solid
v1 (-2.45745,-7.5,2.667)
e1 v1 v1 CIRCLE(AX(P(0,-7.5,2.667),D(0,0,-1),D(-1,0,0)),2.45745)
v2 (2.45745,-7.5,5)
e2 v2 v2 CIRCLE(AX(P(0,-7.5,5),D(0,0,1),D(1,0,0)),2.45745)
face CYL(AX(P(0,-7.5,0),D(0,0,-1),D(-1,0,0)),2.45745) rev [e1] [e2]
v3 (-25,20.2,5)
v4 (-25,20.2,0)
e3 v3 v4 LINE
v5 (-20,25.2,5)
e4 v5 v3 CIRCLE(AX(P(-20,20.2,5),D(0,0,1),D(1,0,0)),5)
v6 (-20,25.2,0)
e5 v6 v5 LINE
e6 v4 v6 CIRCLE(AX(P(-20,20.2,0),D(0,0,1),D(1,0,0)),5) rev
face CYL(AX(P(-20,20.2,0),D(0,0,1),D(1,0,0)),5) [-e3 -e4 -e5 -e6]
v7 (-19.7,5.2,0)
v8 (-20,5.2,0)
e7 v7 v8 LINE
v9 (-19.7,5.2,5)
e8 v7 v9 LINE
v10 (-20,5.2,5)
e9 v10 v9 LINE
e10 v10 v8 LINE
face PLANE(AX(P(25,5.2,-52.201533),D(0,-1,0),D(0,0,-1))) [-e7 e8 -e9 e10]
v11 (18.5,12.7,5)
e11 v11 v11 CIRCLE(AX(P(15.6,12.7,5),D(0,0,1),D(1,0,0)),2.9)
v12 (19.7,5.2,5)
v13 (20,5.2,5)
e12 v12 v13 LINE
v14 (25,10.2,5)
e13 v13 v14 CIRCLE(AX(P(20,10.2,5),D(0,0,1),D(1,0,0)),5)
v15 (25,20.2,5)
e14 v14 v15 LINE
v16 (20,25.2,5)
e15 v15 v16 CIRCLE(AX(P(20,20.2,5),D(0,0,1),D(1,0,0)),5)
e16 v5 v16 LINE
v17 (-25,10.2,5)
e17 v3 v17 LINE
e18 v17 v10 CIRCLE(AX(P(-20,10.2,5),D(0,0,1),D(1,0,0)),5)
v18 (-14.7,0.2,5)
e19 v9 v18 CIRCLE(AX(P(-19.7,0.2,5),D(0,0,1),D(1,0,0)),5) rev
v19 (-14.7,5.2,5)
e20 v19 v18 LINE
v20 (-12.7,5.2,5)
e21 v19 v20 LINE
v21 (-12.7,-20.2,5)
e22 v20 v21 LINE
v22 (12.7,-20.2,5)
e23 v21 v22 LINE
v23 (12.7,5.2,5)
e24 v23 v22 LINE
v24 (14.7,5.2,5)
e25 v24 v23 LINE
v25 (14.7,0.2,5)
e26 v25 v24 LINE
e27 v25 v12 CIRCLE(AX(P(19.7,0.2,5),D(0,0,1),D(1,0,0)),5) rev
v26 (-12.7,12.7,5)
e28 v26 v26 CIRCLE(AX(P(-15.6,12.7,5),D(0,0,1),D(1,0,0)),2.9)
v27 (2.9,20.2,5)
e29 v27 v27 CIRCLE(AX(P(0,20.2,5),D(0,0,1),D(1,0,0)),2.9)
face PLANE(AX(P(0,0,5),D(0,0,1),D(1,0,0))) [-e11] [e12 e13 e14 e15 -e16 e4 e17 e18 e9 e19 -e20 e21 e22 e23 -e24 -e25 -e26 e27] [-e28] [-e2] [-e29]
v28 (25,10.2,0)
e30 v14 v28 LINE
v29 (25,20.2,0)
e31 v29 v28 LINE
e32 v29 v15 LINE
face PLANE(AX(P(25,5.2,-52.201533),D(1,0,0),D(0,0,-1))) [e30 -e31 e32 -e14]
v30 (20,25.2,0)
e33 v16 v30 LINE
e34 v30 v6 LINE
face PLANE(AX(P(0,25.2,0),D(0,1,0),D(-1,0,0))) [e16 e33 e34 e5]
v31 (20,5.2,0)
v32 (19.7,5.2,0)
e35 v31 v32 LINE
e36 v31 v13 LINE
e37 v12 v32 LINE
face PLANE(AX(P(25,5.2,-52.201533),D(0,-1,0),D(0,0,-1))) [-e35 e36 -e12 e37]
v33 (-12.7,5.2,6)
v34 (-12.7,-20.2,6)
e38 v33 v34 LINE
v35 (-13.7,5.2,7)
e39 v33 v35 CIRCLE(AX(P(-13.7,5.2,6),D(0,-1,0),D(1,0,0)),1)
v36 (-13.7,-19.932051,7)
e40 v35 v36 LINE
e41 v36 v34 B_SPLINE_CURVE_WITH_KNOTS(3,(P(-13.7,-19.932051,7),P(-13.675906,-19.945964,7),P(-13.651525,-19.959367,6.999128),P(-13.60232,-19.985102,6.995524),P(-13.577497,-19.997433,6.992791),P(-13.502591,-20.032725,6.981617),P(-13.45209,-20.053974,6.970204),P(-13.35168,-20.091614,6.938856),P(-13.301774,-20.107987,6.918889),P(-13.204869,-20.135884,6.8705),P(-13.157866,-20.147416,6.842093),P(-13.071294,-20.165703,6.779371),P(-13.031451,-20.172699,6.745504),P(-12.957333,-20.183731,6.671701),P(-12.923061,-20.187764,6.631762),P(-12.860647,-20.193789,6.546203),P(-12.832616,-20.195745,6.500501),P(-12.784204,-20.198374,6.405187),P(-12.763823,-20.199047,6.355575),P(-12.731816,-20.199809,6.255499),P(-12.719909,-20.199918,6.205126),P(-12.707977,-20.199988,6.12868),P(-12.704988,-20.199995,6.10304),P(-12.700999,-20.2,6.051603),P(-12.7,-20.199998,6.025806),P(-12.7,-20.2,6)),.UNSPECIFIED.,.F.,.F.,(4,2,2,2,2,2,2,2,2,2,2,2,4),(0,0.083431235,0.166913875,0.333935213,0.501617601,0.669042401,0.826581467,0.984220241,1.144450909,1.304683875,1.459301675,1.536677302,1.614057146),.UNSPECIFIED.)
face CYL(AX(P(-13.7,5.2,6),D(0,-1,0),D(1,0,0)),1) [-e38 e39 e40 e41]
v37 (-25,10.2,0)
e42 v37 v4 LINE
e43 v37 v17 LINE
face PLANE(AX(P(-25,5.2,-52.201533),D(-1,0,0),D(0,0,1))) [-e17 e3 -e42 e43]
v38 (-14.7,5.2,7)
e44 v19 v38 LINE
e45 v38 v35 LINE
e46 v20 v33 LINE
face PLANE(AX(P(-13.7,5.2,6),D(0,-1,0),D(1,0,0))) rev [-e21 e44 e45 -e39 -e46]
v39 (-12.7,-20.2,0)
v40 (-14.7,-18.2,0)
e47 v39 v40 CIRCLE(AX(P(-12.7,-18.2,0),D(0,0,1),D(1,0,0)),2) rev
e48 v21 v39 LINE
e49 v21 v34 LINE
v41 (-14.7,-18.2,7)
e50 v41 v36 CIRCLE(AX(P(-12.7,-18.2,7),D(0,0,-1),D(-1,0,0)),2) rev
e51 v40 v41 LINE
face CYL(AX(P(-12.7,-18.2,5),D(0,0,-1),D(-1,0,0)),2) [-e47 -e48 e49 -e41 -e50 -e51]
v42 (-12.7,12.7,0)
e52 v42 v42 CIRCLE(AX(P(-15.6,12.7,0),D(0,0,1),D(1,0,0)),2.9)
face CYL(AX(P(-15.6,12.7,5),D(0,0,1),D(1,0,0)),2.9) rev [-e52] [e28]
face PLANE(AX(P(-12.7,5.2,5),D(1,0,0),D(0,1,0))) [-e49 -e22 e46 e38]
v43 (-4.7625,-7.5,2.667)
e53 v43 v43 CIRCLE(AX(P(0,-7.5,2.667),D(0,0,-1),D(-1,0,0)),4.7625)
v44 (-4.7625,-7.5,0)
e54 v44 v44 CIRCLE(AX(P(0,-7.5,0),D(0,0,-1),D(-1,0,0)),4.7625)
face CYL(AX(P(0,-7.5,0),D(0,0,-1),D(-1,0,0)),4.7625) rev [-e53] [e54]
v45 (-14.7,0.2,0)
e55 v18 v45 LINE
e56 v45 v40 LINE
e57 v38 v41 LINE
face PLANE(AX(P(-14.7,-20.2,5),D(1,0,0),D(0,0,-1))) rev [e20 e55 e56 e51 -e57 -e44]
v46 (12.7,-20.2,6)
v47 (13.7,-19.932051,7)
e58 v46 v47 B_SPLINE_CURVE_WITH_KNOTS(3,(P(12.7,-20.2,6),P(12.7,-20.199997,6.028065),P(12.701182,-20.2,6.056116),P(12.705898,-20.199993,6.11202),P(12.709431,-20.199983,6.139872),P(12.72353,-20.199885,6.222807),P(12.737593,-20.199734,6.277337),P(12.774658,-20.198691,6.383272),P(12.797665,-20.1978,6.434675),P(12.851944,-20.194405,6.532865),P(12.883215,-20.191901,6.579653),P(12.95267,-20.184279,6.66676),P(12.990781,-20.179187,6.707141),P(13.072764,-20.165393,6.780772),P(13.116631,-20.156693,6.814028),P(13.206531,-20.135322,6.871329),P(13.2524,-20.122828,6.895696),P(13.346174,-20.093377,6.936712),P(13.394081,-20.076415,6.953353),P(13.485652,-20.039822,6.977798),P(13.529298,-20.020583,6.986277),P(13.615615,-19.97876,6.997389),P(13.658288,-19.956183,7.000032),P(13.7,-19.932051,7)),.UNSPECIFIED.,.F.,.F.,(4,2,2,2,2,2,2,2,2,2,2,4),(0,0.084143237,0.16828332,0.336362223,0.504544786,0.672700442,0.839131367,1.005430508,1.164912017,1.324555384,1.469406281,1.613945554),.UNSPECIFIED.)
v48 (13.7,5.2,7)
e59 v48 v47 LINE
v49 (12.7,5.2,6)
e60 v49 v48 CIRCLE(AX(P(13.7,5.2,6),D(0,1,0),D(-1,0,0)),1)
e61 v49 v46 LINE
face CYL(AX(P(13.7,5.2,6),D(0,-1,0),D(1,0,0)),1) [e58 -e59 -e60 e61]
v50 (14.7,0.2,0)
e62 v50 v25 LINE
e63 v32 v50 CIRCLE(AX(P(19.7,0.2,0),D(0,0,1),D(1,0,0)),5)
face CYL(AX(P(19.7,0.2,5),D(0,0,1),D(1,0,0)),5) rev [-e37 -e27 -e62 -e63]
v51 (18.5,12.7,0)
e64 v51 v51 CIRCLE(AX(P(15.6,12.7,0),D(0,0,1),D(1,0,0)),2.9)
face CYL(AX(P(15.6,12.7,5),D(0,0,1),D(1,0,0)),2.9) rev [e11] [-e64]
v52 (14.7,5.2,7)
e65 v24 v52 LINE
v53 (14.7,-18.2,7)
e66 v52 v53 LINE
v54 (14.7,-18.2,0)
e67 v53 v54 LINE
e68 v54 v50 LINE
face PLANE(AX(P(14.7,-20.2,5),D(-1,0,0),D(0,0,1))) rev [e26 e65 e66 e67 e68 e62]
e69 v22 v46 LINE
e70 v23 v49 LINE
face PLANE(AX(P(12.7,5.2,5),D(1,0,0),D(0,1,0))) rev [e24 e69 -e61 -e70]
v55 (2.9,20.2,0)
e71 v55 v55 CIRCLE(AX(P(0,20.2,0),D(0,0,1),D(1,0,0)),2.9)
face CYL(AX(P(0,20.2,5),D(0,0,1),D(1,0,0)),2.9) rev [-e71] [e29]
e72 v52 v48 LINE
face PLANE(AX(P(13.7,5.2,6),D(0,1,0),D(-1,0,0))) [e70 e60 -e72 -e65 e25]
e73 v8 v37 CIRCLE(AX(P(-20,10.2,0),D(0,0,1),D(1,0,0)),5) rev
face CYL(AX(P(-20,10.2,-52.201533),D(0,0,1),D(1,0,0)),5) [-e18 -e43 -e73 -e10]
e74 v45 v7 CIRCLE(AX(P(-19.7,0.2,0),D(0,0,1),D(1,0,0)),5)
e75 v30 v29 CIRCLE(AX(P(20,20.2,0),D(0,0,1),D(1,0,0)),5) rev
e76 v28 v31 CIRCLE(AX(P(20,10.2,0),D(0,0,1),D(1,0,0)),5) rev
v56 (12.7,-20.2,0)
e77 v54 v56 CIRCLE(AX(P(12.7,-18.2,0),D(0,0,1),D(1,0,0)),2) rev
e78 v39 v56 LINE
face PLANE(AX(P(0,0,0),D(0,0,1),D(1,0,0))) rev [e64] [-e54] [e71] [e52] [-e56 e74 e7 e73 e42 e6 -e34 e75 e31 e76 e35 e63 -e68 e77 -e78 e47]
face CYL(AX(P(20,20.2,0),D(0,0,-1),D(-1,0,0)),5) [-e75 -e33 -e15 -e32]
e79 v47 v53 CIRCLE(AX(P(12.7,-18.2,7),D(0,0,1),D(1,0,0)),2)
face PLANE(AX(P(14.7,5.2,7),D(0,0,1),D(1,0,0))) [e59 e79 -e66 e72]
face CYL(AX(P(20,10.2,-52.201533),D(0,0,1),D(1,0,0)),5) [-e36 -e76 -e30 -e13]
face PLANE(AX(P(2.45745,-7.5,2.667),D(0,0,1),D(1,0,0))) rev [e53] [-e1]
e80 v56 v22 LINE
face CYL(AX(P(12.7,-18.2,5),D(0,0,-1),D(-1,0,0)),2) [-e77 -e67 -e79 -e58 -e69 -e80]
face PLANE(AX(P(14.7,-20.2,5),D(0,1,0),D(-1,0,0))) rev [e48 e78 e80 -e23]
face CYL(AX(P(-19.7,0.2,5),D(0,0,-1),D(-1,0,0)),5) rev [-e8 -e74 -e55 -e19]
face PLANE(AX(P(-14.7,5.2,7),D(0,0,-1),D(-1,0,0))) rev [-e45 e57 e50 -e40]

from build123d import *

# Parameters (mm, degrees)
SKETCH7_W                                           = 29.4
SKETCH7_H                                           = 40.4
BOSS_EXTRUDE3_DEPTH                                 = 5
BOSS_EXTRUDE4_DEPTH                                 = 25.4
SKETCH11_W                                          = 50
SKETCH11_H                                          = 15
BOSS_EXTRUDE5_DEPTH                                 = 5
CBORE_FOR_8_BINDING_HEAD_MACHINE_SCREW1_D           = 4.9149
CBORE_FOR_8_BINDING_HEAD_MACHINE_SCREW1_CBORE_D     = 9.525
CBORE_FOR_8_BINDING_HEAD_MACHINE_SCREW1_CBORE_DEPTH = 2.667
SKETCH18_W                                          = 50
SKETCH18_H                                          = 5
BOSS_EXTRUDE6_DEPTH                                 = 5
M5_CLEARANCE_HOLE1_D                                = 5.8
FILLET2_R                                           = 5
FILLET3_R                                           = 2


with BuildPart() as part:
    # Sketch7 → Boss-Extrude3 (new body)
    with BuildSketch(Plane.XY):
        Rectangle(SKETCH7_W, SKETCH7_H)
    extrude(amount=BOSS_EXTRUDE3_DEPTH)

    # Sketch8 → Boss-Extrude4 (add)
    with BuildSketch(Plane.XZ.offset(20.2)):
        with BuildLine():
            Line((-14.7, 5), (-12.7, 5))
            Line((-12.7, 5), (-12.7, 6))
            ThreePointArc((-12.7, 6), (-12.992893219, 6.707106781), (-13.7, 7))
            Line((-13.7, 7), (-14.7, 7))
            Line((-14.7, 7), (-14.7, 5))
        make_face()
        with BuildLine():
            Line((14.7, 5), (12.7, 5))
            Line((12.7, 5), (12.7, 6))
            ThreePointArc((12.7, 6), (12.992893219, 6.707106781), (13.7, 7))
            Line((13.7, 7), (14.7, 7))
            Line((14.7, 7), (14.7, 5))
        make_face()
    extrude(amount=-BOSS_EXTRUDE4_DEPTH)

    # Sketch11 → Boss-Extrude5 (add)
    with BuildSketch(Plane.XY.offset(5)):
        with Locations((0, 12.7)):
            Rectangle(SKETCH11_W, SKETCH11_H)
    extrude(amount=-BOSS_EXTRUDE5_DEPTH)

    # CBORE for #8 Binding Head Machine Screw1 (through all)
    with Locations(Plane(origin=(0, 0, 0), x_dir=(-1, 0, 0), z_dir=(0, 0, -1))):
        with Locations((0, -7.5)):
            CounterBoreHole(CBORE_FOR_8_BINDING_HEAD_MACHINE_SCREW1_D / 2, CBORE_FOR_8_BINDING_HEAD_MACHINE_SCREW1_CBORE_D / 2, CBORE_FOR_8_BINDING_HEAD_MACHINE_SCREW1_CBORE_DEPTH)

    # Sketch18 → Boss-Extrude6 (add)
    with BuildSketch(Plane(origin=(0, 20.2, 0), x_dir=(1, 0, 0), z_dir=(0, 1, 0))):
        with Locations((0, -2.5)):
            Rectangle(SKETCH18_W, SKETCH18_H)
    extrude(amount=BOSS_EXTRUDE6_DEPTH)

    # M5 Clearance Hole1 (through all)
    with Locations(Plane.XY.offset(5)):
        with Locations((-15.6, 12.7), (15.6, 12.7), (0, 20.2)):
            Hole(M5_CLEARANCE_HOLE1_D / 2)

    # Fillet2
    fillet2_edges = [part.edges().sort_by_distance(p)[0] for p in [
        (25, 5.2, 2.5),
        (-25, 5.2, 2.5),
        (-14.7, 5.2, 2.5),
        (14.7, 5.2, 2.5),
        (-25, 25.2, 2.5),
        (25, 25.2, 2.5),
    ]]
    fillet(fillet2_edges, radius=FILLET2_R)

    # Fillet3
    fillet3_edges = [part.edges().sort_by_distance(p)[0] for p in [
        (14.7, -20.2, 3.5),
        (-14.7, -20.2, 3.5),
    ]]
    fillet(fillet3_edges, radius=FILLET3_R)


solid = part.part
